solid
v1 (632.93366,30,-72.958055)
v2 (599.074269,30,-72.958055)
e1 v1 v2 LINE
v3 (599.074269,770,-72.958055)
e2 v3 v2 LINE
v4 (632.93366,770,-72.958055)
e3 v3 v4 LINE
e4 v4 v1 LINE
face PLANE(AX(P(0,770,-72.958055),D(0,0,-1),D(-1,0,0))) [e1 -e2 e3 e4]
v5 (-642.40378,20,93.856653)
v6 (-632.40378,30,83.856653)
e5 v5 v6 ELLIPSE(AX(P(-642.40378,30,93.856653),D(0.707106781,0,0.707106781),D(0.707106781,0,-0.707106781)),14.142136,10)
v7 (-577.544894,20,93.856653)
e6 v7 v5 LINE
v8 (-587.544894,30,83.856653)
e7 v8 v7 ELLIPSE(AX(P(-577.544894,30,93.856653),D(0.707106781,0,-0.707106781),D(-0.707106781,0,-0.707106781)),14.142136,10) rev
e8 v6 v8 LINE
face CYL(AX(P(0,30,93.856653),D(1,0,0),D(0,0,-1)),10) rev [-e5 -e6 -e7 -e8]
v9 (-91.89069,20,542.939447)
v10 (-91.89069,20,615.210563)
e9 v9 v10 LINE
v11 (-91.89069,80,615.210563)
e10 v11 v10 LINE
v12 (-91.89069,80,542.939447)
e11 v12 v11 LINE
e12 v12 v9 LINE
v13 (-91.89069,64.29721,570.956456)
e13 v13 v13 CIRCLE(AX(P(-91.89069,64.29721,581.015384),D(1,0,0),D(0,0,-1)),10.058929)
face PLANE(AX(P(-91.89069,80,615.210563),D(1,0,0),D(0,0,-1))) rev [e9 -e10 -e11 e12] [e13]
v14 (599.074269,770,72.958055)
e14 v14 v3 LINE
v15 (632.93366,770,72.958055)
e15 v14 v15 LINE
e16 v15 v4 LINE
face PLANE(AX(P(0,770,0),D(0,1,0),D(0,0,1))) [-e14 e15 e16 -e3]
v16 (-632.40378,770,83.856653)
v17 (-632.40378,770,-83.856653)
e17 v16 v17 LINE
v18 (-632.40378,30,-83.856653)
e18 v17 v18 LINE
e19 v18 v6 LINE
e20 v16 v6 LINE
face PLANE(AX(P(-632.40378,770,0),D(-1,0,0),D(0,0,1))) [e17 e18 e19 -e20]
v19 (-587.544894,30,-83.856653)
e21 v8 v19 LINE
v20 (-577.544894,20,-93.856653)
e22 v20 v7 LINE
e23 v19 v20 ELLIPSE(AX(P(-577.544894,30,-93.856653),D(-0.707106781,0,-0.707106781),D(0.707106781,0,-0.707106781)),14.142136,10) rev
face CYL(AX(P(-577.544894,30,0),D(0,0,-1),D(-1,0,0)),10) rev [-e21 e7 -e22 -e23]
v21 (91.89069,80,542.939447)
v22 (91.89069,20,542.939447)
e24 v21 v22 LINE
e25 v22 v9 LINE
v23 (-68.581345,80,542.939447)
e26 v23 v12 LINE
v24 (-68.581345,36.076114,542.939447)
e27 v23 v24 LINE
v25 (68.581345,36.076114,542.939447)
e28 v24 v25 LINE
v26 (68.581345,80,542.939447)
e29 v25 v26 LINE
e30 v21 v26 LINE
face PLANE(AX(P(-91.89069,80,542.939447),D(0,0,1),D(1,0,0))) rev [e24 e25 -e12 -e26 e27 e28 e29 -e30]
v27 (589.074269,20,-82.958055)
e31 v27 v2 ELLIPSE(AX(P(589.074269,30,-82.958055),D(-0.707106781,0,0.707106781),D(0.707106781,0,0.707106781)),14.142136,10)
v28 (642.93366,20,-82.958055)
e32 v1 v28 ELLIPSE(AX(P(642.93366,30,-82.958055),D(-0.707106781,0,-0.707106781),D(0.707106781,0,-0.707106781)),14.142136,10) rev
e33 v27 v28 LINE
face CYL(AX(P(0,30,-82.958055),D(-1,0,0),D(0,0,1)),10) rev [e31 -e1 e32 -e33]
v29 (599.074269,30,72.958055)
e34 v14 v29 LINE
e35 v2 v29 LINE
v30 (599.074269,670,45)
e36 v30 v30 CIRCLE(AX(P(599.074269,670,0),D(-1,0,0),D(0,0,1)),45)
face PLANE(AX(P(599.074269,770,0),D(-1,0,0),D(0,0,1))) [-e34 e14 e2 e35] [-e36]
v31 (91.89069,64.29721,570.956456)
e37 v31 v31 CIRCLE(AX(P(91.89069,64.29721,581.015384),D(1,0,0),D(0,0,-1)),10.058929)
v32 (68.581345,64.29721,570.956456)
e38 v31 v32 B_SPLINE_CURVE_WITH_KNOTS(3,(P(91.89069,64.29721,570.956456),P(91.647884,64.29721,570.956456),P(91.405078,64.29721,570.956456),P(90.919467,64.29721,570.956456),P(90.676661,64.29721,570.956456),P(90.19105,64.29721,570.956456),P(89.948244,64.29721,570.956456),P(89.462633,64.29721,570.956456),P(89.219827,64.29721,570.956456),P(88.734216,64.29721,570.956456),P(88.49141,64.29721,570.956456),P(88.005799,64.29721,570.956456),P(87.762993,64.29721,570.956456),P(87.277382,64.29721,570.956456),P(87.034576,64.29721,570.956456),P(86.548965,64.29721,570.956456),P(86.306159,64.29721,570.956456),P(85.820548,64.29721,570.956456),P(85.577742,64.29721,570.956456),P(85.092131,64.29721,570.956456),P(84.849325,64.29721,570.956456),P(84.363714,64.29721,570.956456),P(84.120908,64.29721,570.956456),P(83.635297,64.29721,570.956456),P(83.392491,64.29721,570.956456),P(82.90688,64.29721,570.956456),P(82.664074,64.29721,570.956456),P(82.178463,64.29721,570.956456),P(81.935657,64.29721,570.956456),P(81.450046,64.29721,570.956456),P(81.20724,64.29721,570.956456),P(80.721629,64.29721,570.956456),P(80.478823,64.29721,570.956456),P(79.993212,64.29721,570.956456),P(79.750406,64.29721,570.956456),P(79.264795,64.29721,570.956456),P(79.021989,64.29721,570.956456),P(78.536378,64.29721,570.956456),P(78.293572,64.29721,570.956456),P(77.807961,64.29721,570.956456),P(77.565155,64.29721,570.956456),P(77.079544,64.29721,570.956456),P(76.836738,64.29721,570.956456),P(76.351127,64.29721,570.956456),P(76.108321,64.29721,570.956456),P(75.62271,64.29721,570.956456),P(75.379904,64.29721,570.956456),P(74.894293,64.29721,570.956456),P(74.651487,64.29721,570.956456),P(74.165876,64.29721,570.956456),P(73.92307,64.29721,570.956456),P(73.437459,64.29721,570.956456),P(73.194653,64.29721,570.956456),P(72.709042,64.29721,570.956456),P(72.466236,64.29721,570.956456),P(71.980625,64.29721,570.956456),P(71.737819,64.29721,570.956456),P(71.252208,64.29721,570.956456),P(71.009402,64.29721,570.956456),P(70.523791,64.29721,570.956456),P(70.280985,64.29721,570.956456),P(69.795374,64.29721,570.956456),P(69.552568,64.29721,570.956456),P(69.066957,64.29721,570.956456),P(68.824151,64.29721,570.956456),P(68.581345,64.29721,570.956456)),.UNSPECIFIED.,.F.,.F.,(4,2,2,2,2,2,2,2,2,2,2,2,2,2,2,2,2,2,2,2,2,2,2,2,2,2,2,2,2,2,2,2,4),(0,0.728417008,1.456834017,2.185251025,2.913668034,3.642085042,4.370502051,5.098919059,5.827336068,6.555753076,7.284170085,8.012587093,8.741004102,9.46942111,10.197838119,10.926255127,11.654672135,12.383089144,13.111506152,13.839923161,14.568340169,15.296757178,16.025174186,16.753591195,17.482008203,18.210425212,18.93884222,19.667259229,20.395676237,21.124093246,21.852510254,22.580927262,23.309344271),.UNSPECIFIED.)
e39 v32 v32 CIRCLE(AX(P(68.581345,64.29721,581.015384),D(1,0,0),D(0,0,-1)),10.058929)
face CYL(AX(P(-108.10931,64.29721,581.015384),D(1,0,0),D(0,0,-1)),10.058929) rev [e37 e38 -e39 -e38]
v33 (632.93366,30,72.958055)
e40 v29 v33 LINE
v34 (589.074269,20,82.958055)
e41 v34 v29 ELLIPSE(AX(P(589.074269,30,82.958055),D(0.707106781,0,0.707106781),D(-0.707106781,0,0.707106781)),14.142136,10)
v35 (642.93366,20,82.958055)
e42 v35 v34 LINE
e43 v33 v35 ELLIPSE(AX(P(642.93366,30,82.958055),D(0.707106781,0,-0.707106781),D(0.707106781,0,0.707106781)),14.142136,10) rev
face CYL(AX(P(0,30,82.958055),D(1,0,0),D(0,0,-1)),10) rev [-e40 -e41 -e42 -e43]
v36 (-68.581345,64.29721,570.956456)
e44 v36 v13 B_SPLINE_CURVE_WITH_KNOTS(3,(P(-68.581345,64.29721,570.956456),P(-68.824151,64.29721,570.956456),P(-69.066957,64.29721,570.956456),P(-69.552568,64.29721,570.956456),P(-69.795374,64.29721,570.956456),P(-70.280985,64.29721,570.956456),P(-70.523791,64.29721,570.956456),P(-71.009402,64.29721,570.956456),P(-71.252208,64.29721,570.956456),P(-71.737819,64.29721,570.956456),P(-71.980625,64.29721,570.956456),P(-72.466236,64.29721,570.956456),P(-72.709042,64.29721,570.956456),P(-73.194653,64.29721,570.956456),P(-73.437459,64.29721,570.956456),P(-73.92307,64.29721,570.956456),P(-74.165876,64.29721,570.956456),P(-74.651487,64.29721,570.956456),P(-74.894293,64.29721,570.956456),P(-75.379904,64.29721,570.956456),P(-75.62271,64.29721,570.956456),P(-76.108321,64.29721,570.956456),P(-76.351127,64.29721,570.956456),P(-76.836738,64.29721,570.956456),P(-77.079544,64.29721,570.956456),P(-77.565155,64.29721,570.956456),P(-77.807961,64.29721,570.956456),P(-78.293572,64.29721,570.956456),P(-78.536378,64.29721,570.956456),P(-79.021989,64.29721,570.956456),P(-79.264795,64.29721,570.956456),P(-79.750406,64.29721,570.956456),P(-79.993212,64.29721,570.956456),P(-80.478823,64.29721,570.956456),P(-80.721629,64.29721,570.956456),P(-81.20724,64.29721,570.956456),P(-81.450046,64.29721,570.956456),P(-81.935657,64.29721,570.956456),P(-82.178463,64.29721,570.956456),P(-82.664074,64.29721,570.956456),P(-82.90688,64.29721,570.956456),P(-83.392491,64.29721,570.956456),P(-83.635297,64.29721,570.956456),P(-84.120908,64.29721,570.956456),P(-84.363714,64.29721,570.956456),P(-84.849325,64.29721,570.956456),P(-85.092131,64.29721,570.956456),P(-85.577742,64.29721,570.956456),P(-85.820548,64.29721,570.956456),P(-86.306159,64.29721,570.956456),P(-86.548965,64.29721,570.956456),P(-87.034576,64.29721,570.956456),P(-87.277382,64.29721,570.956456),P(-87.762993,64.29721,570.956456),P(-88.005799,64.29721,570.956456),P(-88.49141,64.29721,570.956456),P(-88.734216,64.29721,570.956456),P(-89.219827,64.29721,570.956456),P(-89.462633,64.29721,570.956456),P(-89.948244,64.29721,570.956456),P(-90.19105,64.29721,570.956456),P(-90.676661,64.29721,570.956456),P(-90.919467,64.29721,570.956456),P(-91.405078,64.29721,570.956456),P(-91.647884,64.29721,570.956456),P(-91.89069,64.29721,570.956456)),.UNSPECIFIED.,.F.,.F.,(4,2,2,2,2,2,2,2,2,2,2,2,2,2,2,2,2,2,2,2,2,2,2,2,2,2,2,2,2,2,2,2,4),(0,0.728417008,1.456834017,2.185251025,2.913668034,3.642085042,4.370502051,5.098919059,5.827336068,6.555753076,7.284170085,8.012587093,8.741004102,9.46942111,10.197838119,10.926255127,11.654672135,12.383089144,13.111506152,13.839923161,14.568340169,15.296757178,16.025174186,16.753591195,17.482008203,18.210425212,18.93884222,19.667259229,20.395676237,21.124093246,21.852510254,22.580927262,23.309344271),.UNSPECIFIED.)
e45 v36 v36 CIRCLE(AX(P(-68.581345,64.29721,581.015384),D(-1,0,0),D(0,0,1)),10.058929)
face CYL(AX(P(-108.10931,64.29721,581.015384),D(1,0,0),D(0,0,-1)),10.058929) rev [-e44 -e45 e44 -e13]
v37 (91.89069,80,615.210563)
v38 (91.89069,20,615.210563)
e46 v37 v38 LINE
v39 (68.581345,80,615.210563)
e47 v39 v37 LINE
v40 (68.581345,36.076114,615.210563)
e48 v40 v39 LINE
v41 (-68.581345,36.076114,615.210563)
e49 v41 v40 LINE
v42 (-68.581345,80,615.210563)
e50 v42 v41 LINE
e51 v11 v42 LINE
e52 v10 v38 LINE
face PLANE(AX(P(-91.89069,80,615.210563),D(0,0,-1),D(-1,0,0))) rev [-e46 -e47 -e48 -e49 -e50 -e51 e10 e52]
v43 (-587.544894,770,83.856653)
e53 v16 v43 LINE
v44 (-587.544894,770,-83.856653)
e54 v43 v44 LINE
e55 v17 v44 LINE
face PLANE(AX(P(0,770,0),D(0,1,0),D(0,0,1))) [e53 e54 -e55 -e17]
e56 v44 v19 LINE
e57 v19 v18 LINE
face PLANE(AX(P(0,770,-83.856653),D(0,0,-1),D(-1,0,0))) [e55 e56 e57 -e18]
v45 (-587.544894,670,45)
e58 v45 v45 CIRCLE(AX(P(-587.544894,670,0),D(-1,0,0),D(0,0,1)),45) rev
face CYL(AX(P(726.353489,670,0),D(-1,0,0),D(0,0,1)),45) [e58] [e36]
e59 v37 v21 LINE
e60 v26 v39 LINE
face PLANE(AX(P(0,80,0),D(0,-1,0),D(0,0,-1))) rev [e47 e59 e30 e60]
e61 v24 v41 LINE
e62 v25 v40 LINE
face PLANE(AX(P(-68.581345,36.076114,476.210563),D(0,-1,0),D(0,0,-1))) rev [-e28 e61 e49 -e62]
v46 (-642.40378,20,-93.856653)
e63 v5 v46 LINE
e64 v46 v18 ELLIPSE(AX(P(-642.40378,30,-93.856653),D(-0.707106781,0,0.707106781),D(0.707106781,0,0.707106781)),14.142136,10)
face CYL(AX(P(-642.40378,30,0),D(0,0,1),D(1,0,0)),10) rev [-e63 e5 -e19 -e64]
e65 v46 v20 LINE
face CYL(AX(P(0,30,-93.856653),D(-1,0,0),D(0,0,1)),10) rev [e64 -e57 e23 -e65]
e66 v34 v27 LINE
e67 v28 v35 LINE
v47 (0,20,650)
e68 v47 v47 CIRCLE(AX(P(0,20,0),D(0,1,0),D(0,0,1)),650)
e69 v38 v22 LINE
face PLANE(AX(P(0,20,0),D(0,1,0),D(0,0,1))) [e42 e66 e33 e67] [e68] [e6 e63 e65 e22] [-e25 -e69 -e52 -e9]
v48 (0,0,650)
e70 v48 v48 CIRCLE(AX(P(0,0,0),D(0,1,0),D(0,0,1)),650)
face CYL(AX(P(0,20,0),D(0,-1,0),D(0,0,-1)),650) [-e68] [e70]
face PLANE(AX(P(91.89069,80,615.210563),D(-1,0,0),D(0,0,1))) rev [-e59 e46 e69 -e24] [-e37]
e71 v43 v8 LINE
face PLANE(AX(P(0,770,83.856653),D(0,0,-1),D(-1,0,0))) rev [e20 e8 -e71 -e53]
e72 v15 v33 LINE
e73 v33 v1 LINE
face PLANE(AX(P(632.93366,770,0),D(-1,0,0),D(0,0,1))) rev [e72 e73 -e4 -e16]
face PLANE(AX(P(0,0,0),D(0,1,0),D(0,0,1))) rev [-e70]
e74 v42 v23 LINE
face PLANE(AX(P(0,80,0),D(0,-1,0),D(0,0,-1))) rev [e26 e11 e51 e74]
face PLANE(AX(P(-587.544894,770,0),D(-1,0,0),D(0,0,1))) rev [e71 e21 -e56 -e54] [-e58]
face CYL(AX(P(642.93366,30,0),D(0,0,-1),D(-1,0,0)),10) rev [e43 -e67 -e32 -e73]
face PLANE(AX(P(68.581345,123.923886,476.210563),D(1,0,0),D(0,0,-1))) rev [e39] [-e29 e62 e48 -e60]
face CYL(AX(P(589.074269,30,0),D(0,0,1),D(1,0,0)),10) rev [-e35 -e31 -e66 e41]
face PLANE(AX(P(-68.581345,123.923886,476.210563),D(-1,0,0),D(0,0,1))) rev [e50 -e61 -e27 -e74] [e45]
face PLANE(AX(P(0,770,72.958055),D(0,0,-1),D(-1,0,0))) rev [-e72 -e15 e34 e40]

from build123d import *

# Parameters (mm, degrees)
SKETCH1_R           = 650
BOSS_EXTRUDE1_DEPTH = 20
SKETCH2_W           = 33.859391453
SKETCH2_H           = 72.958055336
SKETCH2_W_2         = 44.858886192
SKETCH2_H_2         = 83.856653026
BOSS_EXTRUDE2_DEPTH = 750
SKETCH3_R           = 45
BOSS_EXTRUDE3_DEPTH = 1186.61916287
FILLET1_R           = 10
SKETCH4_W           = 183.78137906
SKETCH4_H           = 72.271116226
BOSS_EXTRUDE4_DEPTH = 60
SKETCH5_W           = 137.162690518
SKETCH5_H           = 87.847771894
CUT_EXTRUDE1_DEPTH  = 139
SKETCH6_R           = 10.058928829
CUT_EXTRUDE2_DEPTH  = 200


with BuildPart() as part:
    # Sketch1 → Boss-Extrude1 (new body)
    with BuildSketch(Plane(origin=(0, 0, 0), x_dir=(1, 0, 0), z_dir=(0, 1, 0))):
        with Locations(Location((0, 0, 0), (0, 0, 270))):
            Circle(SKETCH1_R)
    extrude(amount=BOSS_EXTRUDE1_DEPTH)

    # Sketch2 → Boss-Extrude2 (add)
    with BuildSketch(Plane(origin=(0, 20, 0), x_dir=(1, 0, 0), z_dir=(0, 1, 0))):
        with Locations((616.00396434, -36.479027668)):
            Rectangle(SKETCH2_W, SKETCH2_H)
        with Locations((616.00396434, 36.479027668)):
            Rectangle(SKETCH2_W, SKETCH2_H)
        with Locations((-609.974337352, -41.928326513)):
            Rectangle(SKETCH2_W_2, SKETCH2_H_2)
        with Locations((-609.974337352, 41.928326513)):
            Rectangle(SKETCH2_W_2, SKETCH2_H_2)
    extrude(amount=BOSS_EXTRUDE2_DEPTH)

    # Sketch3 → Boss-Extrude3 (add)
    with BuildSketch(Plane(origin=(-587.544894256, 0, 0), x_dir=(0, 0, -1), z_dir=(1, 0, 0))):
        with Locations(Location((0, 670, 0), (0, 0, 180))):
            Circle(SKETCH3_R)
    extrude(amount=BOSS_EXTRUDE3_DEPTH)

    # Fillet1
    fillet1_edges = [part.edges().sort_by_distance(p)[0] for p in [
        (616.00396434, 20, -72.958055336),
        (-609.974337352, 20, 83.856653026),
        (-587.544894256, 20, 0),
        (-632.403780448, 20, 0),
        (-609.974337352, 20, -83.856653026),
        (616.00396434, 20, 72.958055336),
        (632.933660066, 20, 0),
        (599.074268613, 20, 0),
    ]]
    fillet(fillet1_edges, radius=FILLET1_R)

    # Sketch4 → Boss-Extrude4 (add)
    with BuildSketch(Plane(origin=(0, 20, 0), x_dir=(1, 0, 0), z_dir=(0, 1, 0))):
        with Locations((0, -579.075005183)):
            Rectangle(SKETCH4_W, SKETCH4_H)
    extrude(amount=BOSS_EXTRUDE4_DEPTH)

    # Sketch5 → Cut-Extrude1 (cut)
    with BuildSketch(Plane.XY.offset(615.210563296)):
        with Locations((0, 80)):
            Rectangle(SKETCH5_W, SKETCH5_H)
    extrude(amount=-CUT_EXTRUDE1_DEPTH, mode=Mode.SUBTRACT)

    # Sketch6 → Cut-Extrude2 (cut)
    with BuildSketch(Plane(origin=(91.89068953, 0, 0), x_dir=(0, 0, -1), z_dir=(1, 0, 0))):
        with Locations((-581.015384382, 64.297210262)):
            Circle(SKETCH6_R)
    extrude(amount=-CUT_EXTRUDE2_DEPTH, mode=Mode.SUBTRACT)


solid = part.part
